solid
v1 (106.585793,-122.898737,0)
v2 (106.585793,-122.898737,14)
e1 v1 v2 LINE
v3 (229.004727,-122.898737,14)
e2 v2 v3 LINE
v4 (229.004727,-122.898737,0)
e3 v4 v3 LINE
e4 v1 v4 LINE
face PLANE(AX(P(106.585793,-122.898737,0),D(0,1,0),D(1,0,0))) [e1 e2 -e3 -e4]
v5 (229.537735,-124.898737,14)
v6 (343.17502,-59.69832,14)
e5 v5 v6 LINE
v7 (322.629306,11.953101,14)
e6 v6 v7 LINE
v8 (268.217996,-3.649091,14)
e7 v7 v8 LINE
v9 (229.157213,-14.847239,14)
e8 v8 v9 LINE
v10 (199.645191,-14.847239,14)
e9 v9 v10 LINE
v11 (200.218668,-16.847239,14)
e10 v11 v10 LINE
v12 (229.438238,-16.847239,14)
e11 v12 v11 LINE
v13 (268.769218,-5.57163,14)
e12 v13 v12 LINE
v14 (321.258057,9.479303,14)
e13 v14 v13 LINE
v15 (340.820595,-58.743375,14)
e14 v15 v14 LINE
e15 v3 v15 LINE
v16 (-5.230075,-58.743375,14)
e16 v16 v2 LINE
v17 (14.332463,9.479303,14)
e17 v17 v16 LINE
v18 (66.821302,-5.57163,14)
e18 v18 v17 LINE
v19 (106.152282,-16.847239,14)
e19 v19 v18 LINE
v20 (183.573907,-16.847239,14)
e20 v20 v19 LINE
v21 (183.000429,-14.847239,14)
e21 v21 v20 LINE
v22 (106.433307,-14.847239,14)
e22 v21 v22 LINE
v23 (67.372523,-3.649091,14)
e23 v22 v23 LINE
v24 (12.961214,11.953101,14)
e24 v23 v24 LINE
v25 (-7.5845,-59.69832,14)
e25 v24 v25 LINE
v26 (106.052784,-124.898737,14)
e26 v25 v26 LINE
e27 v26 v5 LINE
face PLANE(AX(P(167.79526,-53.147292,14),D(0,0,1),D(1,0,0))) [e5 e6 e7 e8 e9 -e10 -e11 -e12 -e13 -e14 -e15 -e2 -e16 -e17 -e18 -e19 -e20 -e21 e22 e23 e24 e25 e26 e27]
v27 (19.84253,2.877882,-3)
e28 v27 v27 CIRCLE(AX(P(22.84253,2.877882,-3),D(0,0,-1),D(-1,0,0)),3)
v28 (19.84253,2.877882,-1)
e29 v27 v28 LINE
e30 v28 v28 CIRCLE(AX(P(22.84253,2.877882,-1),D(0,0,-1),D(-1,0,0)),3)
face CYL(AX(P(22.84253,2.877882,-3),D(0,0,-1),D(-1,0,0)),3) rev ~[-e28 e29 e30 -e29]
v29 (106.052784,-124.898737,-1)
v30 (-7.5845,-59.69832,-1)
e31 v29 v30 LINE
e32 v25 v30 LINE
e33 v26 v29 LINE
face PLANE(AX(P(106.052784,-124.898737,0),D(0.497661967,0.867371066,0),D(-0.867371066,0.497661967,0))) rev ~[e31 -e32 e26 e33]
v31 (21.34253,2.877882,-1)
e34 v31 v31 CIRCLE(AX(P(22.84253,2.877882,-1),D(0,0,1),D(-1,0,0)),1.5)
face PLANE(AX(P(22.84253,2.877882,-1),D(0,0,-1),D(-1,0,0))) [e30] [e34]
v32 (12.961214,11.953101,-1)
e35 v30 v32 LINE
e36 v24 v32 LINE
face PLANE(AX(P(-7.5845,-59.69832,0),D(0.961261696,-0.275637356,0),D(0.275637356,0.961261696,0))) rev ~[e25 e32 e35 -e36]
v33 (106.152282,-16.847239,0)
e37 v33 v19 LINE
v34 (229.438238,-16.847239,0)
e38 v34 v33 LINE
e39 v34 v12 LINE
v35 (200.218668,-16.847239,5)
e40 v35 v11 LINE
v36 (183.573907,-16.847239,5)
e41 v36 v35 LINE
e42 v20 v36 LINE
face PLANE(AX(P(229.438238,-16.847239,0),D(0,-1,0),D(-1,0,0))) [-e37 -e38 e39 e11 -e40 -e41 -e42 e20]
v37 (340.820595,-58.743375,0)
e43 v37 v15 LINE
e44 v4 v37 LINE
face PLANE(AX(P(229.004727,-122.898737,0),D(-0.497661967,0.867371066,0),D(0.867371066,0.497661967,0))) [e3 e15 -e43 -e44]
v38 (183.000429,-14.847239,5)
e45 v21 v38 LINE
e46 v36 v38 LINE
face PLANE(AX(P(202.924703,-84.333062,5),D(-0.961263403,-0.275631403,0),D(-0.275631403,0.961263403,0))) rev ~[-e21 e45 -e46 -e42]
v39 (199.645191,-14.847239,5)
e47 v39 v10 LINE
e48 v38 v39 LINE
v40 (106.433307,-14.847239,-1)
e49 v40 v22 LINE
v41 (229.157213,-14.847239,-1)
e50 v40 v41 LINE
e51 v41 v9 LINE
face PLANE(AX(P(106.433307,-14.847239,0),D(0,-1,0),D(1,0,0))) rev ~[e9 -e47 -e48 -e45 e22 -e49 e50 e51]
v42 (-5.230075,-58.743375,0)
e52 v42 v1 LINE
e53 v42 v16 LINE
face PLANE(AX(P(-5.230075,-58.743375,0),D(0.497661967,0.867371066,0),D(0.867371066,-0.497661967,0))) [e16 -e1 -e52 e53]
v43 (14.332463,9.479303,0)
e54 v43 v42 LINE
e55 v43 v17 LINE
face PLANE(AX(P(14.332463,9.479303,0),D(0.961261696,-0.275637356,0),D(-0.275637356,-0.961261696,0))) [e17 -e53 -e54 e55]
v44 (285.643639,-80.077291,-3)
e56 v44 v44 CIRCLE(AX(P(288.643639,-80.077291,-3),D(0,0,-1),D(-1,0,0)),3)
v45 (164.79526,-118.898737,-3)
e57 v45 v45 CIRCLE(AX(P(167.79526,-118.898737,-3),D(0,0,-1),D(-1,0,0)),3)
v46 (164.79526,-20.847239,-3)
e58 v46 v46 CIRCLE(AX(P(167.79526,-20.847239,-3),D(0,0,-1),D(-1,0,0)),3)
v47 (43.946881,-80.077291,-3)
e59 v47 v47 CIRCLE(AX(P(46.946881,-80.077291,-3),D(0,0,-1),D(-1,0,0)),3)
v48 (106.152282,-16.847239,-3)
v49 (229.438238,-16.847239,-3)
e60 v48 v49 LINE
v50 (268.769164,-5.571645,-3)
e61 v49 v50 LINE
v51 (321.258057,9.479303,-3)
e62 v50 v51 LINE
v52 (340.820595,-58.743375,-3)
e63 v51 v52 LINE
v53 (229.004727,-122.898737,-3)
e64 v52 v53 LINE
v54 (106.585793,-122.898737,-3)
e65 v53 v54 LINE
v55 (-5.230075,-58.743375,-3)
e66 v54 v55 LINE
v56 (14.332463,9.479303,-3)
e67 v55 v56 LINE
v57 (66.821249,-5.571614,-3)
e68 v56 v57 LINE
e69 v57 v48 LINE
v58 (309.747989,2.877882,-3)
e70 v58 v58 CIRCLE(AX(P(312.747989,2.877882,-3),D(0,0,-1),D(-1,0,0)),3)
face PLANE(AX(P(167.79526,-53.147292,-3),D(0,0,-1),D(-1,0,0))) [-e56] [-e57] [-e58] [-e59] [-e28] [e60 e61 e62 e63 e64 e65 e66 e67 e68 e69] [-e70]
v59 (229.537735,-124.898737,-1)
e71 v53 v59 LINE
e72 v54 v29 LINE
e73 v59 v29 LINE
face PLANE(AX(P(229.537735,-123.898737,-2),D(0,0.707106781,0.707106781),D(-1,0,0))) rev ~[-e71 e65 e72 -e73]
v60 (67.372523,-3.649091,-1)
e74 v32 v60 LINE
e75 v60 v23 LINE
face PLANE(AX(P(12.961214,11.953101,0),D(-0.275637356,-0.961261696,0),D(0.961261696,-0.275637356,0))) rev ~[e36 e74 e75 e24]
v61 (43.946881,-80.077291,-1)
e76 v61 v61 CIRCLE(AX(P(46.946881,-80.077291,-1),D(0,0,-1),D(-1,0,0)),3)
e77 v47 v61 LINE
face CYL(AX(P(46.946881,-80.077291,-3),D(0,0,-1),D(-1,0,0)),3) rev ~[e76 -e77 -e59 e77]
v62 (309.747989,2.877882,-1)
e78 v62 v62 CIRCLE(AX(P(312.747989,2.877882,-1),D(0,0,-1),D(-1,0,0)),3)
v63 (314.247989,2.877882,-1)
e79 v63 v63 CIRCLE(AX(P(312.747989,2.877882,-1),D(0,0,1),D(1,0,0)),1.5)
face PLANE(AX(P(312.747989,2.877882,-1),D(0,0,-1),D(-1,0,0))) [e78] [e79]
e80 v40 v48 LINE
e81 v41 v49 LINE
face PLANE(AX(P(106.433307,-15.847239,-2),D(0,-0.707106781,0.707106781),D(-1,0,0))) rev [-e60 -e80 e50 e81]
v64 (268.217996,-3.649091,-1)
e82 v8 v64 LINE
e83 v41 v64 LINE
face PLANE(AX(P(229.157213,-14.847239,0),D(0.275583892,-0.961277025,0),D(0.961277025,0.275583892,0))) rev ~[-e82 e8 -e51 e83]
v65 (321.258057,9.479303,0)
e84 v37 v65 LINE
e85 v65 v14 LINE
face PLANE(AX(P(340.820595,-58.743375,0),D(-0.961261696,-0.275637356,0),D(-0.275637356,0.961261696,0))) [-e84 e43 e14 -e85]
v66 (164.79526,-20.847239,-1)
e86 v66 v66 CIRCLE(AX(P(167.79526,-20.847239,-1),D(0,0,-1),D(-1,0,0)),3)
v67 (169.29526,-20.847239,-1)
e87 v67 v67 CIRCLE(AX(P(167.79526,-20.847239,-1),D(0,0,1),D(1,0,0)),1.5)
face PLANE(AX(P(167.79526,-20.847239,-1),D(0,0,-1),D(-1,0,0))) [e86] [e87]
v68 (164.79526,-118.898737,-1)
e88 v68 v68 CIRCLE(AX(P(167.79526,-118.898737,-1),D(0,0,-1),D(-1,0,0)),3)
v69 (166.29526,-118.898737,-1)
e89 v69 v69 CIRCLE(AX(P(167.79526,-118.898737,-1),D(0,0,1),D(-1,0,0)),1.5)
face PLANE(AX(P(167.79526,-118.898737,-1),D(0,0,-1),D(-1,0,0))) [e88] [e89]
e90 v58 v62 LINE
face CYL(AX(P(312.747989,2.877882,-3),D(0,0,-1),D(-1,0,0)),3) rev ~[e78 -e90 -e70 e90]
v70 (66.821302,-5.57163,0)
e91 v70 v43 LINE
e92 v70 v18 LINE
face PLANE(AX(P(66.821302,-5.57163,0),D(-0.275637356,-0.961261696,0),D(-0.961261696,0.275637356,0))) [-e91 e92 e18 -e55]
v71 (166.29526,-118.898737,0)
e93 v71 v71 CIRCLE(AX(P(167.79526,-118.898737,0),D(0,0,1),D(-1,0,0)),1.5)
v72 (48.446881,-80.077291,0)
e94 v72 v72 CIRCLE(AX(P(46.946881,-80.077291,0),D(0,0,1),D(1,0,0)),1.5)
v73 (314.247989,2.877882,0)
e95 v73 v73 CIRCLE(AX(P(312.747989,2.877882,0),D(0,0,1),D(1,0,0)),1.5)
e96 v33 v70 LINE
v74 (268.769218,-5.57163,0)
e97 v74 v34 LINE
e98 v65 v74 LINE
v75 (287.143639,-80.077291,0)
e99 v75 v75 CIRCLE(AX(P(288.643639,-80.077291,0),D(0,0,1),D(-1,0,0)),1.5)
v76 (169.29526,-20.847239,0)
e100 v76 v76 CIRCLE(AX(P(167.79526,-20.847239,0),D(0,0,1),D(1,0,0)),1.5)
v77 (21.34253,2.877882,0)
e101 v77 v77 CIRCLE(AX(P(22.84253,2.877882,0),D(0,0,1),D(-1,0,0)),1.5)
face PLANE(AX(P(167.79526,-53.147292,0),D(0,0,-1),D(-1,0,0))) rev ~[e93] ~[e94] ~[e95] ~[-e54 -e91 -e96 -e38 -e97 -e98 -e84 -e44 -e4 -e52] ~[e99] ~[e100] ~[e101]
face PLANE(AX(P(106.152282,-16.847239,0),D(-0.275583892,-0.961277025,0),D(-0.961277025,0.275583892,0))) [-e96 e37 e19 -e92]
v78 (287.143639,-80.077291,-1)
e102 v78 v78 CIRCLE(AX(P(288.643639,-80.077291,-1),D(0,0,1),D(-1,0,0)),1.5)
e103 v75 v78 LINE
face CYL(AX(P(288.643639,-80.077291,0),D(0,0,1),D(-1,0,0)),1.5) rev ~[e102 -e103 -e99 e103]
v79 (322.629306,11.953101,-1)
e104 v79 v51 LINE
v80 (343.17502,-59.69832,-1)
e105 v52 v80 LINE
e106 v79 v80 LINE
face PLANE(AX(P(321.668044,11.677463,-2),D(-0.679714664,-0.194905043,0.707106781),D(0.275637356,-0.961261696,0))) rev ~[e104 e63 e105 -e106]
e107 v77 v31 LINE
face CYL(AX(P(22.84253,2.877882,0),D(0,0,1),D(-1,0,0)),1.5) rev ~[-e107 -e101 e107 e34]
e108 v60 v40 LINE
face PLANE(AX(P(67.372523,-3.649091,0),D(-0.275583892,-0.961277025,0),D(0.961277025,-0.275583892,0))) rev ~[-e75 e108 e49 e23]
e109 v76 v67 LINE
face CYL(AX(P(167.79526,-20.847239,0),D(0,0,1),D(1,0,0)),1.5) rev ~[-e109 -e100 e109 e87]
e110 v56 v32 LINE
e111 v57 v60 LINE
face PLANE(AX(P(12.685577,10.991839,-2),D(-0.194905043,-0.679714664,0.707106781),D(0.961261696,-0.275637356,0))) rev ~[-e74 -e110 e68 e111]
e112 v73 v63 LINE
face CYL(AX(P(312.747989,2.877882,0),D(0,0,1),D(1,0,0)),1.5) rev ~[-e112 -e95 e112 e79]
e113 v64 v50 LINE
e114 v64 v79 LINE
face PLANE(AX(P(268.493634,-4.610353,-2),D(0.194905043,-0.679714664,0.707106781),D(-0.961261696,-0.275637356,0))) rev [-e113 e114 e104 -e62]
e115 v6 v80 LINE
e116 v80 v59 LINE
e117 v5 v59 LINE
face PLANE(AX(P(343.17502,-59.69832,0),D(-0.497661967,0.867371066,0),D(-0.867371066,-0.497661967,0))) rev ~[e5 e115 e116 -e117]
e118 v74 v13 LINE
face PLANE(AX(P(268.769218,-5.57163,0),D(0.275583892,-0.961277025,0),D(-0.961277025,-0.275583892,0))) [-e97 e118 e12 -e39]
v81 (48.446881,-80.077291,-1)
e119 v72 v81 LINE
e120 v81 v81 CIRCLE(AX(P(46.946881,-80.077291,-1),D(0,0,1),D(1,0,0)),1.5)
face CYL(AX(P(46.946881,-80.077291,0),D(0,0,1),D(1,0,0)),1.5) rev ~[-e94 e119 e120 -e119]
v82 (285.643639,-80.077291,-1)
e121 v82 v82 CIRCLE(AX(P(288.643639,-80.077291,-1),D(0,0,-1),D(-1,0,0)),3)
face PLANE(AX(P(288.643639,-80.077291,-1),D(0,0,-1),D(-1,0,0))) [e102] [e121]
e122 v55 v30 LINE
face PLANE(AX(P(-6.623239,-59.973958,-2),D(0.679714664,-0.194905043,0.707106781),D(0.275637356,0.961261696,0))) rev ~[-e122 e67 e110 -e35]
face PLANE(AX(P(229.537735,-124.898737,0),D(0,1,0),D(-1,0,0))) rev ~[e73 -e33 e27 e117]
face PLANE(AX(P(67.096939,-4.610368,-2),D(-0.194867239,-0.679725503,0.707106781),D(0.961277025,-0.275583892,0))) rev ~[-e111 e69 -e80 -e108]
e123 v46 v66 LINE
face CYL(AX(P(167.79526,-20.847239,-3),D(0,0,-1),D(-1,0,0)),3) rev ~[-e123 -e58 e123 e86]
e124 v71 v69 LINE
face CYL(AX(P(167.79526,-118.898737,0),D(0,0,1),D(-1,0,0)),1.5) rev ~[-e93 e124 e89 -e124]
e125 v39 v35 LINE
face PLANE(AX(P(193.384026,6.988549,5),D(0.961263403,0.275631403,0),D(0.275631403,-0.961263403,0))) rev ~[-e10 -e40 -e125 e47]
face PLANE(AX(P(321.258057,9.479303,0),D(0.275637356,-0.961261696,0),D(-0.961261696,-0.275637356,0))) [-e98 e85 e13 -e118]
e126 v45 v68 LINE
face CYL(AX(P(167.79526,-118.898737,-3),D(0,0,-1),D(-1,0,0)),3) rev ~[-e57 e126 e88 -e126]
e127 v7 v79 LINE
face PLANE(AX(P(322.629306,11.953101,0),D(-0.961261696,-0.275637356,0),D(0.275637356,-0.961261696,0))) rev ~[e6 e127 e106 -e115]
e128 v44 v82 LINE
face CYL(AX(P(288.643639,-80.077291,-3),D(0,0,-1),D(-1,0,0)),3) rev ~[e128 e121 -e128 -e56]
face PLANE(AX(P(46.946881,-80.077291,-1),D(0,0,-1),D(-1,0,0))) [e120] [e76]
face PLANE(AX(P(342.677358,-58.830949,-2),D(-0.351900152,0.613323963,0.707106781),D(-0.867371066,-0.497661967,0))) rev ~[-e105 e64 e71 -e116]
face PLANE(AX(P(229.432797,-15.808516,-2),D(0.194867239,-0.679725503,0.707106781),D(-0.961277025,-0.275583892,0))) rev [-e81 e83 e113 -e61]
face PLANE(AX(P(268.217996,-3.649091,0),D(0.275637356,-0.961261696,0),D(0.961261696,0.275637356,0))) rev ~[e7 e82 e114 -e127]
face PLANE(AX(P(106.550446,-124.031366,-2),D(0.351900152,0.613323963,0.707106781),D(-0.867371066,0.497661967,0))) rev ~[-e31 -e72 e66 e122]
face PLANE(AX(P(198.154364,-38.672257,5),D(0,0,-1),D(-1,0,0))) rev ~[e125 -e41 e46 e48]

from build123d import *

# Parameters (mm, degrees)
BOSS_EXTRU_1_DEPTH      = 14
BOSS_EXTRU_2_DEPTH      = 3
ENL_V_START             = 5
ENL_V_MAT_EXTRU_1_DEPTH = 10
ESQUISSE7_R             = 1.5
ENL_V_MAT_EXTRU_2_DEPTH = 10
ESQUISSE8_R             = 3
ENL_V_MAT_EXTRU_3_DEPTH = 2
CHANFREIN1_SIZE         = 2


with BuildPart() as part:
    # Esquisse1 → Boss.-Extru.1 (new body)
    with BuildSketch(Plane.XY):
        Polygon((229.15721289, -14.84723942), (106.433306853, -14.84723942), (67.372523259, -3.649091023), (12.961214213, 11.953100779), (-7.58450021, -59.698320459), (106.05278448, -124.898736851), (229.537735263, -124.898736851), (343.175019953, -59.698320459), (322.62930553, 11.953100779), (268.217996484, -3.649091023), align=None)
        Polygon((229.438237844, -16.84723942), (106.152281899, -16.84723942), (66.821302011, -5.571629745), (14.332462893, 9.479302675), (-5.230075099, -58.743374877), (106.585792597, -122.898736851), (229.004727146, -122.898736851), (340.820594842, -58.743374877), (321.25805685, 9.479302675), (268.769217732, -5.571629745), align=None, mode=Mode.SUBTRACT)
    extrude(amount=BOSS_EXTRU_1_DEPTH)

    # Esquisse2 → Boss.-Extru.2 (add)
    with BuildSketch(Plane(origin=(0, 0, 0), x_dir=(-1, 0, 0), z_dir=(0, 0, -1))):
        Polygon((-229.15721289, -14.84723942), (-268.217996484, -3.649091023), (-322.62930553, 11.953100779), (-343.175019953, -59.698320459), (-229.537735263, -124.898736851), (-106.05278448, -124.898736851), (7.58450021, -59.698320459), (-12.961214213, 11.953100779), (-67.372523259, -3.649091023), (-106.433306853, -14.84723942), align=None)
    extrude(amount=BOSS_EXTRU_2_DEPTH)

    # Esquisse3 → Enlèv. mat.-Extru.1 (cut)
    with BuildSketch(Plane.XY.offset(ENL_V_START)):
        Polygon((193.384025698, 6.988548589), (218.304917235, -79.922959834), (202.924702789, -84.333062282), (178.003811253, 2.578446141), align=None)
    extrude(amount=ENL_V_MAT_EXTRU_1_DEPTH, mode=Mode.SUBTRACT)

    # Esquisse7 → Enlèv. mat.-Extru.2 (cut)
    with BuildSketch(Plane.XY):
        with Locations((312.747989314, 2.877882334)):
            Circle(ESQUISSE7_R)
        with Locations((167.795259872, -20.84723942)):
            Circle(ESQUISSE7_R)
        with Locations(Location((22.842530429, 2.877882334, 0), (0, 0, 180))):
            Circle(ESQUISSE7_R)
        with Locations(Location((167.795259872, -118.898736851, 0), (0, 0, 180))):
            Circle(ESQUISSE7_R)
        with Locations((46.946880967, -80.077290604)):
            Circle(ESQUISSE7_R)
        with Locations(Location((288.643638776, -80.077290604, 0), (0, 0, 180))):
            Circle(ESQUISSE7_R)
    extrude(amount=-ENL_V_MAT_EXTRU_2_DEPTH, mode=Mode.SUBTRACT)

    # Esquisse8 → Enlèv. mat.-Extru.3 (cut)
    with BuildSketch(Plane(origin=(0, 0, -3), x_dir=(-1, 0, 0), z_dir=(0, 0, -1))):
        with Locations((-22.842530429, 2.877882334)):
            Circle(ESQUISSE8_R)
        with Locations((-46.946880967, -80.077290604)):
            Circle(ESQUISSE8_R)
        with Locations((-167.795259872, -118.898736851)):
            Circle(ESQUISSE8_R)
        with Locations((-167.795259872, -20.84723942)):
            Circle(ESQUISSE8_R)
        with Locations((-288.643638776, -80.077290604)):
            Circle(ESQUISSE8_R)
        with Locations((-312.747989314, 2.877882334)):
            Circle(ESQUISSE8_R)
    extrude(amount=-ENL_V_MAT_EXTRU_3_DEPTH, mode=Mode.SUBTRACT)

    # Chanfrein1
    chanfrein1_edges = [part.edges().sort_by_distance(p)[0] for p in [
        (167.795259872, -14.84723942, -3),
        (248.687604687, -9.248165222, -3),
        (295.423651007, 4.152004878, -3),
        (332.902162742, -23.87260984, -3),
        (286.356377608, -92.298528655, -3),
        (167.795259872, -124.898736851, -3),
        (49.234142135, -92.298528655, -3),
        (2.688357001, -23.87260984, -3),
        (40.166868736, 4.152004878, -3),
        (86.902915056, -9.248165222, -3),
    ]]
    chamfer(chanfrein1_edges, length=CHANFREIN1_SIZE)


solid = part.part
